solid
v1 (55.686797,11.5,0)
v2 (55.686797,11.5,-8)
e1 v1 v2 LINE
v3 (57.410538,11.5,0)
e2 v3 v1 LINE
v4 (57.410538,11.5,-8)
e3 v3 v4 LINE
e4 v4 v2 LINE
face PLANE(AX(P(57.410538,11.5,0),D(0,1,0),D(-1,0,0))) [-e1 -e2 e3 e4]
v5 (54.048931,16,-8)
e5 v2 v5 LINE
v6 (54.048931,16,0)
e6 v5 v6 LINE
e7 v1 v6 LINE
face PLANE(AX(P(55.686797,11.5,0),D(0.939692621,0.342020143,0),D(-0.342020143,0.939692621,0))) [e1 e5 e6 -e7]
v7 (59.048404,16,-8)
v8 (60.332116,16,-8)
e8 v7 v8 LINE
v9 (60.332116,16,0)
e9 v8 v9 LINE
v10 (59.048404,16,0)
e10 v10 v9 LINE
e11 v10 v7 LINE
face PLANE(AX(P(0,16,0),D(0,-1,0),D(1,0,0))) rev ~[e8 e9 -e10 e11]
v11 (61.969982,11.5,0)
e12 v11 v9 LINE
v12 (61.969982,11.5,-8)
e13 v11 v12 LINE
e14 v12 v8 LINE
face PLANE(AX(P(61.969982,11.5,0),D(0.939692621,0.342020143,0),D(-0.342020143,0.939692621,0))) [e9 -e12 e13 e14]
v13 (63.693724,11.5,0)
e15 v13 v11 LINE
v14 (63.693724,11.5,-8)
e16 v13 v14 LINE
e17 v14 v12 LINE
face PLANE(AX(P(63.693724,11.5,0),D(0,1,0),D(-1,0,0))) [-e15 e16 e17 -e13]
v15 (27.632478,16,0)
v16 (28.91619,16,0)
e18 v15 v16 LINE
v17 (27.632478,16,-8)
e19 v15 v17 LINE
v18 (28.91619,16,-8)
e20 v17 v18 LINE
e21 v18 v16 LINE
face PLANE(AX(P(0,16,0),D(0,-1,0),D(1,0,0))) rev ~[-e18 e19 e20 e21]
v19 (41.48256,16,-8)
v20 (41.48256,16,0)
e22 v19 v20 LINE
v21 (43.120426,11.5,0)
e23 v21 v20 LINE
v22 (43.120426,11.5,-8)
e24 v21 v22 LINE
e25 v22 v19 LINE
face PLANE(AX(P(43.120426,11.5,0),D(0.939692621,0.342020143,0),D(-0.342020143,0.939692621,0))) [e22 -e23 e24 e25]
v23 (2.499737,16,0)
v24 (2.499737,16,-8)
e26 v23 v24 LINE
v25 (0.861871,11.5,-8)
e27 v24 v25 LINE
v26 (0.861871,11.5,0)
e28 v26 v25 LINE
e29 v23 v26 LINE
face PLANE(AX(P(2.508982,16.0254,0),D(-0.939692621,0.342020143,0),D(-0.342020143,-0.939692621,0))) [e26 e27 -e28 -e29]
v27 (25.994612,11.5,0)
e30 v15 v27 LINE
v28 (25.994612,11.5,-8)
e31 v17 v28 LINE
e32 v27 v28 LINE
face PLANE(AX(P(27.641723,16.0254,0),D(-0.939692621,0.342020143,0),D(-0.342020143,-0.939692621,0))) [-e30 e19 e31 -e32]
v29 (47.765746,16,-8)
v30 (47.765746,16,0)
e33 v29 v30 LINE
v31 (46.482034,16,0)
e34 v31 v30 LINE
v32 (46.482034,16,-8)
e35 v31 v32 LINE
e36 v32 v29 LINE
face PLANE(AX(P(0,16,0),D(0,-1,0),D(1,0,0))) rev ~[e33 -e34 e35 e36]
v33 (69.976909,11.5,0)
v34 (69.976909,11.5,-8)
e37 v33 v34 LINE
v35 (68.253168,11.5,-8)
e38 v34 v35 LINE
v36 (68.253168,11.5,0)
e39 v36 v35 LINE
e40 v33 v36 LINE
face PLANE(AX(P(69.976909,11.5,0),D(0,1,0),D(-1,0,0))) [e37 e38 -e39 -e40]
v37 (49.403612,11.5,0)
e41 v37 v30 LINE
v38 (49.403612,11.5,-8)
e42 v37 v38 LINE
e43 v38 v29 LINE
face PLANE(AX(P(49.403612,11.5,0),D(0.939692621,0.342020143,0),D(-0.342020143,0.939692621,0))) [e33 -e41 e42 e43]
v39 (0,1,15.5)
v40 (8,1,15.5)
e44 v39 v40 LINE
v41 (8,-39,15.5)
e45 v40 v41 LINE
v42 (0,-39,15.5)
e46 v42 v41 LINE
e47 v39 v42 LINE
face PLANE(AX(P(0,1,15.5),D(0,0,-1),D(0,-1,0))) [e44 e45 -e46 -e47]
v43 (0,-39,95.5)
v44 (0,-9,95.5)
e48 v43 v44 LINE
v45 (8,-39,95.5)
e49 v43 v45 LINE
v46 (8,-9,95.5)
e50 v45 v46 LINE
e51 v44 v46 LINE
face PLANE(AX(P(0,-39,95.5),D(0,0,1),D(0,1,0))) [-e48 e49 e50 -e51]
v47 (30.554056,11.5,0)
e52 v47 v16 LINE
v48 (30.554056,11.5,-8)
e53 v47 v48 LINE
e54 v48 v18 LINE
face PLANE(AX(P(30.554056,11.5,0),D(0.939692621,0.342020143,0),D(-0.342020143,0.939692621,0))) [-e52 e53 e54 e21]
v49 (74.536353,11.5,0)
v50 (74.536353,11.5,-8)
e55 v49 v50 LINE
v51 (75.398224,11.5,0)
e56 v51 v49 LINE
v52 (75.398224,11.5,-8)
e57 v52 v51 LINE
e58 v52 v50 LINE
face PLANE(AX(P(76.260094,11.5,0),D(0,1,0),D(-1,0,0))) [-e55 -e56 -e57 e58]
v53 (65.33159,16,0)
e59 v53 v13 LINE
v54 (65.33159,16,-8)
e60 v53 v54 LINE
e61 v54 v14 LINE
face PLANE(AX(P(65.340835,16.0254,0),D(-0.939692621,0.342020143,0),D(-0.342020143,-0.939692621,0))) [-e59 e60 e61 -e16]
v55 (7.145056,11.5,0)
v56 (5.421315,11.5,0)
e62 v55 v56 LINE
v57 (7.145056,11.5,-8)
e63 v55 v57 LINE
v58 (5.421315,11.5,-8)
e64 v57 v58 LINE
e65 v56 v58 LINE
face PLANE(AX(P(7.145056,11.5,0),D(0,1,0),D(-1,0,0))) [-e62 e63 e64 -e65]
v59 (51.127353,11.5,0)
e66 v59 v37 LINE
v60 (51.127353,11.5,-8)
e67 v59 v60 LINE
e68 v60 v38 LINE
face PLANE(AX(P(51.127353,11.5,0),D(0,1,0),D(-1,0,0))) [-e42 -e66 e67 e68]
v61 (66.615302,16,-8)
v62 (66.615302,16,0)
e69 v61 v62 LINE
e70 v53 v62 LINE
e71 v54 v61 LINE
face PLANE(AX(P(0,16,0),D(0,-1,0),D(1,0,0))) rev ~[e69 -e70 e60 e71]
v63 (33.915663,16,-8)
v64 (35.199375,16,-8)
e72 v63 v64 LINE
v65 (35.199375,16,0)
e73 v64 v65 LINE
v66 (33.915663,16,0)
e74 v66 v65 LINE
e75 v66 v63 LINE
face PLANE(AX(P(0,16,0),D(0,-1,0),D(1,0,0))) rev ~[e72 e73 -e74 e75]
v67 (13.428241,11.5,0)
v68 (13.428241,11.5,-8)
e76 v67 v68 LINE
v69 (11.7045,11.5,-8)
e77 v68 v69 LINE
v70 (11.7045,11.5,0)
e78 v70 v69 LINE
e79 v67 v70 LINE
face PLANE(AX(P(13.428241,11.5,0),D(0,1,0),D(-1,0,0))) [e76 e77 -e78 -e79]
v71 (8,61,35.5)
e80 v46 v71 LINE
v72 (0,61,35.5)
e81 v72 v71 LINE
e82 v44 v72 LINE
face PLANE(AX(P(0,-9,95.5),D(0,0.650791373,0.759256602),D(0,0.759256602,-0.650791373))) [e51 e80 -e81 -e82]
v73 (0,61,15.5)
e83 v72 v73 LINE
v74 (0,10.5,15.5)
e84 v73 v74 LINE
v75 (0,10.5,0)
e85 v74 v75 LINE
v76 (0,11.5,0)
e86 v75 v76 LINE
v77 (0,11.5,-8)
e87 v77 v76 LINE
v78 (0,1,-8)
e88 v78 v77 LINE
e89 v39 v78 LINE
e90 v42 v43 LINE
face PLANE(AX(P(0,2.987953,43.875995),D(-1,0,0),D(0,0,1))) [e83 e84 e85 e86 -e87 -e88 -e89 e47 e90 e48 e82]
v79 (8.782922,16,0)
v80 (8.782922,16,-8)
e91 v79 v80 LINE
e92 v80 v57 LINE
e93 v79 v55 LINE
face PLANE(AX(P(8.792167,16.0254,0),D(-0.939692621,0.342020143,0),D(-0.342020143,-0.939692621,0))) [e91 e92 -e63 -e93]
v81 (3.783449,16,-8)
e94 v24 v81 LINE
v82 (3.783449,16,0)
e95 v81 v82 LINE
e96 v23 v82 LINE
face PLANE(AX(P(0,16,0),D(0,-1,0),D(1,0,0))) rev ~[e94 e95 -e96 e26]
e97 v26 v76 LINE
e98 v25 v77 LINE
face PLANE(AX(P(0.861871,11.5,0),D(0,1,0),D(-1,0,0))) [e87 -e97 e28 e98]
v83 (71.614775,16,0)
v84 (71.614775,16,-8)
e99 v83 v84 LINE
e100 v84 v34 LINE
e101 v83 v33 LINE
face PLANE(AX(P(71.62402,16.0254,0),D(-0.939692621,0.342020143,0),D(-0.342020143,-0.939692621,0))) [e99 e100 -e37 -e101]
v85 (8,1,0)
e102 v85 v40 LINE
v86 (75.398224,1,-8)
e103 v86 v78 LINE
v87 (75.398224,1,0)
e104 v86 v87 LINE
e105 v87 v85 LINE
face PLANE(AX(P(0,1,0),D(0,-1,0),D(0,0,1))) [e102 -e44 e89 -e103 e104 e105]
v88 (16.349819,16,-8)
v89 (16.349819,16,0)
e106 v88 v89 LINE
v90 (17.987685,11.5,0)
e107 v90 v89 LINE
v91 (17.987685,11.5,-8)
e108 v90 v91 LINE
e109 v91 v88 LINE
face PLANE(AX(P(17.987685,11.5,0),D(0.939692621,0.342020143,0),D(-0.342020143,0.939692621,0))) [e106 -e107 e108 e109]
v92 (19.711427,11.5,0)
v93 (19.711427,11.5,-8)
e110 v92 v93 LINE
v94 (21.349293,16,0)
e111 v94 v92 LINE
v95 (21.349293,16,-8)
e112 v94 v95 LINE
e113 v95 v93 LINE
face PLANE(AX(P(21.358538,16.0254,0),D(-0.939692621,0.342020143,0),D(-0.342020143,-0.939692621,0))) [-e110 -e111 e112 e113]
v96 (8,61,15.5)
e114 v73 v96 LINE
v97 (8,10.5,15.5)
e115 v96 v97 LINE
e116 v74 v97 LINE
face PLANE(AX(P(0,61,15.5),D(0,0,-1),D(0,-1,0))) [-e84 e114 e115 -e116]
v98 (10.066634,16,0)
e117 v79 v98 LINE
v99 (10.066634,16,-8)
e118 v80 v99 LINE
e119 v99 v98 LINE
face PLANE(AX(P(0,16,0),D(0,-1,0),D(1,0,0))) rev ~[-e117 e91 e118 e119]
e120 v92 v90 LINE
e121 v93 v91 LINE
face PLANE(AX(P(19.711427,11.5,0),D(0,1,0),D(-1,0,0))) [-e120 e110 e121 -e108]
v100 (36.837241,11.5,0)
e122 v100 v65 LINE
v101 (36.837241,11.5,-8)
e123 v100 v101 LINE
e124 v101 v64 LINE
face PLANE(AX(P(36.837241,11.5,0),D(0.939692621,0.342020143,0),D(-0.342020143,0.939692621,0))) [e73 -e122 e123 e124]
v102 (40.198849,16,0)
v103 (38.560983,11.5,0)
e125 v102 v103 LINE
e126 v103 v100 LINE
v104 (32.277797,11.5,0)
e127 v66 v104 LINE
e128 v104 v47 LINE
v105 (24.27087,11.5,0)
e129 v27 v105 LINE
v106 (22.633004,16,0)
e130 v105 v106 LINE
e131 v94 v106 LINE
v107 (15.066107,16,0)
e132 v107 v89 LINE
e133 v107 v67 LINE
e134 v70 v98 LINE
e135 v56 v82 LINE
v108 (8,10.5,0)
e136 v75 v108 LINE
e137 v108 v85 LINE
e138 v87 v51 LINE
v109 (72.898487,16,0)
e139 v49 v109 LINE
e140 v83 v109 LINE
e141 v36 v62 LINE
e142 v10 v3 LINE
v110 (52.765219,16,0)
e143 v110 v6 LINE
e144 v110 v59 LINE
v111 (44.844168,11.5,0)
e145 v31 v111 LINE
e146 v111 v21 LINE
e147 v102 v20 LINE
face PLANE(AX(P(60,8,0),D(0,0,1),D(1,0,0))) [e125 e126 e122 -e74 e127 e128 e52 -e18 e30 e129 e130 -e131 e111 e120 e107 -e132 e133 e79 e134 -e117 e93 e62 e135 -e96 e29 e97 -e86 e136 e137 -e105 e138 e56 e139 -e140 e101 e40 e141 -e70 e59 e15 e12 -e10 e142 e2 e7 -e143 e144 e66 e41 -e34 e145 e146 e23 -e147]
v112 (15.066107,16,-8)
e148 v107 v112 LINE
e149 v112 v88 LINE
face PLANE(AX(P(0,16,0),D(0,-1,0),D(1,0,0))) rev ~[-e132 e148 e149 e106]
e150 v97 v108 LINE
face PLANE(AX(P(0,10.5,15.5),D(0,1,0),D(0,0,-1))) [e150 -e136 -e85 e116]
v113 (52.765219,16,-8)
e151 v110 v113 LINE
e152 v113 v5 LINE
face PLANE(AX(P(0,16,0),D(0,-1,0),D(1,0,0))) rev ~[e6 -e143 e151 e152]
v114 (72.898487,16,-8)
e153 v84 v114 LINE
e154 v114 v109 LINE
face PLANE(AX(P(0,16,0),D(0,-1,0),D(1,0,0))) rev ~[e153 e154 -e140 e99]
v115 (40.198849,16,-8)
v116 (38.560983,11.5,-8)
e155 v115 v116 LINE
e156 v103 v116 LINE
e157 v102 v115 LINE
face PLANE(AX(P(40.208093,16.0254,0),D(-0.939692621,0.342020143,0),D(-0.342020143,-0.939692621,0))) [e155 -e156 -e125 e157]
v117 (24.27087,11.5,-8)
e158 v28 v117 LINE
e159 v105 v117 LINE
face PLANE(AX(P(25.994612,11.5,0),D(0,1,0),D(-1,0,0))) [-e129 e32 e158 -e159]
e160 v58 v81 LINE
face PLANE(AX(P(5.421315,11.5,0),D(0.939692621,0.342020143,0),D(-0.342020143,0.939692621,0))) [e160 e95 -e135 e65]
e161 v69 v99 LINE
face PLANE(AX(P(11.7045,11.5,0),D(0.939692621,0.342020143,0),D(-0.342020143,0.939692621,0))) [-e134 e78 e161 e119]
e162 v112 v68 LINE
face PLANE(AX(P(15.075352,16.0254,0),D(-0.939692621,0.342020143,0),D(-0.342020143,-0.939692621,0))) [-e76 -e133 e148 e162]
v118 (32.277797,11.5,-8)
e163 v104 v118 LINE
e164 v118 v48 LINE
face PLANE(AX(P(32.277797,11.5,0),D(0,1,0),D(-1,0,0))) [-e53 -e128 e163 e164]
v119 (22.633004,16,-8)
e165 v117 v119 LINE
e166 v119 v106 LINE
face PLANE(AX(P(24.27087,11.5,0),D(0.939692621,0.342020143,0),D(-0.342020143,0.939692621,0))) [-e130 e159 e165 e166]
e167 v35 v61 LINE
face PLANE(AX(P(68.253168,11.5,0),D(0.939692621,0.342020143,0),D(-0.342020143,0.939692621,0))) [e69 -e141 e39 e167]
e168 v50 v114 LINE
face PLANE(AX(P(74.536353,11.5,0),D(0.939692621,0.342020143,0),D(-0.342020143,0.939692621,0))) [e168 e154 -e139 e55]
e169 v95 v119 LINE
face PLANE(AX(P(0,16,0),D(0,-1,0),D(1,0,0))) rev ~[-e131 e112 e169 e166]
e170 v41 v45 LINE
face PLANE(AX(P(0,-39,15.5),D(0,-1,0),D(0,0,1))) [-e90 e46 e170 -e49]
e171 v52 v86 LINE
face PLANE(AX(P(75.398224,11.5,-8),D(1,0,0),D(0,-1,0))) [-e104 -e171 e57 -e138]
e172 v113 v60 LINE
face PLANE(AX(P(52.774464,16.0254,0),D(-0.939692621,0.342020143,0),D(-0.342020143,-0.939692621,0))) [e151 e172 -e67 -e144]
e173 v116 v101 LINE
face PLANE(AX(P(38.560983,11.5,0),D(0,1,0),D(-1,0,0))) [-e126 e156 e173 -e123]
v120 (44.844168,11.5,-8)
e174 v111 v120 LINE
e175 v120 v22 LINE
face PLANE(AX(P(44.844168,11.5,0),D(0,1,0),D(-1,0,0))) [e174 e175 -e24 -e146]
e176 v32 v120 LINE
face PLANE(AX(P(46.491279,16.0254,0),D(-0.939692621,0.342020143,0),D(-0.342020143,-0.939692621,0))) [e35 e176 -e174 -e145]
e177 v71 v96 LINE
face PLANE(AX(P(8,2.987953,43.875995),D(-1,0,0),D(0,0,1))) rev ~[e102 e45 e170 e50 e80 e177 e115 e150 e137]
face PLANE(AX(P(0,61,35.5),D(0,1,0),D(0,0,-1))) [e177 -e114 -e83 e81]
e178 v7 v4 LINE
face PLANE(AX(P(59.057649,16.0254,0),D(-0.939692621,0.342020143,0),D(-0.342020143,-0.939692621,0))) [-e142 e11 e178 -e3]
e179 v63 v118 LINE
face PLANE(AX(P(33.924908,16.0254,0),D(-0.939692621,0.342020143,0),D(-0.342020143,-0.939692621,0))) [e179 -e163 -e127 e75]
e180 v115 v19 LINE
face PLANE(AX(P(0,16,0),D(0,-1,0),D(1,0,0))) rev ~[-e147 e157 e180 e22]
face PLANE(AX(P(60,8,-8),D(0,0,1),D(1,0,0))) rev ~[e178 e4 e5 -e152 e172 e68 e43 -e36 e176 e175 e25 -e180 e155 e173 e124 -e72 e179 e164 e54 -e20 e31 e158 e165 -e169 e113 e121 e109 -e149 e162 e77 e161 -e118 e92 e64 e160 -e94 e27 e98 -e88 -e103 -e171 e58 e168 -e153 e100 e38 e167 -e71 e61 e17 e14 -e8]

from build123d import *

# Parameters (mm, degrees)
BLANKSKE_W          = 120
BLANKSKE_H          = 16
BLANK_DEPTH         = 8
TOOTHCUTSIM_DEPTH   = 122.326007105
TEETHCUTS_COUNT     = 20
TEETHCUTS_PITCH     = 6.2831853
SKETCH1_W           = 8
SKETCH1_H           = 1
CUT_EXTRUDE1_DEPTH  = 122.326007105
BOSS_EXTRUDE2_DEPTH = 8
CUT_EXTRUDE2_DEPTH  = 170.803562978


with BuildPart() as part:
    # BlankSke → Blank (new body)
    with BuildSketch(Plane.XY):
        with Locations((60, 8)):
            Rectangle(BLANKSKE_W, BLANKSKE_H)
    extrude(amount=-BLANK_DEPTH)

    # TooCutSkeSim → ToothCutSim (cut, through all)
    with BuildSketch(Plane.XY):
        Polygon((0.861870739, 11.5), (-0.861870739, 11.5), (-2.508981637, 16.0254), (2.508981637, 16.0254), align=None)
    toothcutsim = extrude(amount=-TOOTHCUTSIM_DEPTH, mode=Mode.SUBTRACT)

    # TeethCuts: ToothCutSim ×20
    with Locations(*[(i * TEETHCUTS_PITCH, 0, 0) for i in range(1, TEETHCUTS_COUNT)]):
        add(toothcutsim, mode=Mode.SUBTRACT)

    # Sketch1 → Cut-Extrude1 (cut, through all)
    with BuildSketch(Plane(origin=(120, 0, 0), x_dir=(0, 0, -1), z_dir=(1, 0, 0))):
        with Locations((4, 0.5)):
            Rectangle(SKETCH1_W, SKETCH1_H)
    extrude(amount=-CUT_EXTRUDE1_DEPTH, mode=Mode.SUBTRACT)

    # Sketch3 → Boss-Extrude2 (add)
    with BuildSketch(Plane.ZY):
        Polygon((0, 1), (15.5, 1), (15.5, -39), (95.5, -39), (95.5, -9), (35.5, 61), (15.5, 61), (15.5, 10.5), (0, 10.5), align=None)
    extrude(amount=-BOSS_EXTRUDE2_DEPTH)

    # Sketch4 → Cut-Extrude2 (cut, through all)
    with BuildSketch(Plane(origin=(0, 0, -8), x_dir=(-1, 0, 0), z_dir=(0, 0, -1))):
        Polygon((-120, 11.5), (-118.518649961, 11.5), (-116.880783906, 16), (-115.597072194, 16), (-113.959206139, 11.5), (-113.218706139, 11.5), (-112.235464661, 11.5), (-110.597598606, 16), (-109.313886894, 16), (-107.676020839, 11.5), (-105.952279361, 11.5), (-104.314413306, 16), (-103.030701594, 16), (-101.392835539, 11.5), (-99.669094061, 11.5), (-98.031228006, 16), (-96.747516294, 16), (-95.109650239, 11.5), (-93.385908761, 11.5), (-91.748042706, 16), (-90.464330994, 16), (-88.826464939, 11.5), (-87.102723461, 11.5), (-85.464857406, 16), (-84.181145694, 16), (-82.543279639, 11.5), (-80.819538161, 11.5), (-79.181672106, 16), (-77.897960394, 16), (-76.260094339, 11.5), (-75.3982236, 11.5), (-75.3982236, 1), (-76.260094339, 1), (-101.392835539, 1), (-113.218706139, 1), (-120, 1), align=None)
    extrude(amount=-CUT_EXTRUDE2_DEPTH, mode=Mode.SUBTRACT)


solid = part.part
